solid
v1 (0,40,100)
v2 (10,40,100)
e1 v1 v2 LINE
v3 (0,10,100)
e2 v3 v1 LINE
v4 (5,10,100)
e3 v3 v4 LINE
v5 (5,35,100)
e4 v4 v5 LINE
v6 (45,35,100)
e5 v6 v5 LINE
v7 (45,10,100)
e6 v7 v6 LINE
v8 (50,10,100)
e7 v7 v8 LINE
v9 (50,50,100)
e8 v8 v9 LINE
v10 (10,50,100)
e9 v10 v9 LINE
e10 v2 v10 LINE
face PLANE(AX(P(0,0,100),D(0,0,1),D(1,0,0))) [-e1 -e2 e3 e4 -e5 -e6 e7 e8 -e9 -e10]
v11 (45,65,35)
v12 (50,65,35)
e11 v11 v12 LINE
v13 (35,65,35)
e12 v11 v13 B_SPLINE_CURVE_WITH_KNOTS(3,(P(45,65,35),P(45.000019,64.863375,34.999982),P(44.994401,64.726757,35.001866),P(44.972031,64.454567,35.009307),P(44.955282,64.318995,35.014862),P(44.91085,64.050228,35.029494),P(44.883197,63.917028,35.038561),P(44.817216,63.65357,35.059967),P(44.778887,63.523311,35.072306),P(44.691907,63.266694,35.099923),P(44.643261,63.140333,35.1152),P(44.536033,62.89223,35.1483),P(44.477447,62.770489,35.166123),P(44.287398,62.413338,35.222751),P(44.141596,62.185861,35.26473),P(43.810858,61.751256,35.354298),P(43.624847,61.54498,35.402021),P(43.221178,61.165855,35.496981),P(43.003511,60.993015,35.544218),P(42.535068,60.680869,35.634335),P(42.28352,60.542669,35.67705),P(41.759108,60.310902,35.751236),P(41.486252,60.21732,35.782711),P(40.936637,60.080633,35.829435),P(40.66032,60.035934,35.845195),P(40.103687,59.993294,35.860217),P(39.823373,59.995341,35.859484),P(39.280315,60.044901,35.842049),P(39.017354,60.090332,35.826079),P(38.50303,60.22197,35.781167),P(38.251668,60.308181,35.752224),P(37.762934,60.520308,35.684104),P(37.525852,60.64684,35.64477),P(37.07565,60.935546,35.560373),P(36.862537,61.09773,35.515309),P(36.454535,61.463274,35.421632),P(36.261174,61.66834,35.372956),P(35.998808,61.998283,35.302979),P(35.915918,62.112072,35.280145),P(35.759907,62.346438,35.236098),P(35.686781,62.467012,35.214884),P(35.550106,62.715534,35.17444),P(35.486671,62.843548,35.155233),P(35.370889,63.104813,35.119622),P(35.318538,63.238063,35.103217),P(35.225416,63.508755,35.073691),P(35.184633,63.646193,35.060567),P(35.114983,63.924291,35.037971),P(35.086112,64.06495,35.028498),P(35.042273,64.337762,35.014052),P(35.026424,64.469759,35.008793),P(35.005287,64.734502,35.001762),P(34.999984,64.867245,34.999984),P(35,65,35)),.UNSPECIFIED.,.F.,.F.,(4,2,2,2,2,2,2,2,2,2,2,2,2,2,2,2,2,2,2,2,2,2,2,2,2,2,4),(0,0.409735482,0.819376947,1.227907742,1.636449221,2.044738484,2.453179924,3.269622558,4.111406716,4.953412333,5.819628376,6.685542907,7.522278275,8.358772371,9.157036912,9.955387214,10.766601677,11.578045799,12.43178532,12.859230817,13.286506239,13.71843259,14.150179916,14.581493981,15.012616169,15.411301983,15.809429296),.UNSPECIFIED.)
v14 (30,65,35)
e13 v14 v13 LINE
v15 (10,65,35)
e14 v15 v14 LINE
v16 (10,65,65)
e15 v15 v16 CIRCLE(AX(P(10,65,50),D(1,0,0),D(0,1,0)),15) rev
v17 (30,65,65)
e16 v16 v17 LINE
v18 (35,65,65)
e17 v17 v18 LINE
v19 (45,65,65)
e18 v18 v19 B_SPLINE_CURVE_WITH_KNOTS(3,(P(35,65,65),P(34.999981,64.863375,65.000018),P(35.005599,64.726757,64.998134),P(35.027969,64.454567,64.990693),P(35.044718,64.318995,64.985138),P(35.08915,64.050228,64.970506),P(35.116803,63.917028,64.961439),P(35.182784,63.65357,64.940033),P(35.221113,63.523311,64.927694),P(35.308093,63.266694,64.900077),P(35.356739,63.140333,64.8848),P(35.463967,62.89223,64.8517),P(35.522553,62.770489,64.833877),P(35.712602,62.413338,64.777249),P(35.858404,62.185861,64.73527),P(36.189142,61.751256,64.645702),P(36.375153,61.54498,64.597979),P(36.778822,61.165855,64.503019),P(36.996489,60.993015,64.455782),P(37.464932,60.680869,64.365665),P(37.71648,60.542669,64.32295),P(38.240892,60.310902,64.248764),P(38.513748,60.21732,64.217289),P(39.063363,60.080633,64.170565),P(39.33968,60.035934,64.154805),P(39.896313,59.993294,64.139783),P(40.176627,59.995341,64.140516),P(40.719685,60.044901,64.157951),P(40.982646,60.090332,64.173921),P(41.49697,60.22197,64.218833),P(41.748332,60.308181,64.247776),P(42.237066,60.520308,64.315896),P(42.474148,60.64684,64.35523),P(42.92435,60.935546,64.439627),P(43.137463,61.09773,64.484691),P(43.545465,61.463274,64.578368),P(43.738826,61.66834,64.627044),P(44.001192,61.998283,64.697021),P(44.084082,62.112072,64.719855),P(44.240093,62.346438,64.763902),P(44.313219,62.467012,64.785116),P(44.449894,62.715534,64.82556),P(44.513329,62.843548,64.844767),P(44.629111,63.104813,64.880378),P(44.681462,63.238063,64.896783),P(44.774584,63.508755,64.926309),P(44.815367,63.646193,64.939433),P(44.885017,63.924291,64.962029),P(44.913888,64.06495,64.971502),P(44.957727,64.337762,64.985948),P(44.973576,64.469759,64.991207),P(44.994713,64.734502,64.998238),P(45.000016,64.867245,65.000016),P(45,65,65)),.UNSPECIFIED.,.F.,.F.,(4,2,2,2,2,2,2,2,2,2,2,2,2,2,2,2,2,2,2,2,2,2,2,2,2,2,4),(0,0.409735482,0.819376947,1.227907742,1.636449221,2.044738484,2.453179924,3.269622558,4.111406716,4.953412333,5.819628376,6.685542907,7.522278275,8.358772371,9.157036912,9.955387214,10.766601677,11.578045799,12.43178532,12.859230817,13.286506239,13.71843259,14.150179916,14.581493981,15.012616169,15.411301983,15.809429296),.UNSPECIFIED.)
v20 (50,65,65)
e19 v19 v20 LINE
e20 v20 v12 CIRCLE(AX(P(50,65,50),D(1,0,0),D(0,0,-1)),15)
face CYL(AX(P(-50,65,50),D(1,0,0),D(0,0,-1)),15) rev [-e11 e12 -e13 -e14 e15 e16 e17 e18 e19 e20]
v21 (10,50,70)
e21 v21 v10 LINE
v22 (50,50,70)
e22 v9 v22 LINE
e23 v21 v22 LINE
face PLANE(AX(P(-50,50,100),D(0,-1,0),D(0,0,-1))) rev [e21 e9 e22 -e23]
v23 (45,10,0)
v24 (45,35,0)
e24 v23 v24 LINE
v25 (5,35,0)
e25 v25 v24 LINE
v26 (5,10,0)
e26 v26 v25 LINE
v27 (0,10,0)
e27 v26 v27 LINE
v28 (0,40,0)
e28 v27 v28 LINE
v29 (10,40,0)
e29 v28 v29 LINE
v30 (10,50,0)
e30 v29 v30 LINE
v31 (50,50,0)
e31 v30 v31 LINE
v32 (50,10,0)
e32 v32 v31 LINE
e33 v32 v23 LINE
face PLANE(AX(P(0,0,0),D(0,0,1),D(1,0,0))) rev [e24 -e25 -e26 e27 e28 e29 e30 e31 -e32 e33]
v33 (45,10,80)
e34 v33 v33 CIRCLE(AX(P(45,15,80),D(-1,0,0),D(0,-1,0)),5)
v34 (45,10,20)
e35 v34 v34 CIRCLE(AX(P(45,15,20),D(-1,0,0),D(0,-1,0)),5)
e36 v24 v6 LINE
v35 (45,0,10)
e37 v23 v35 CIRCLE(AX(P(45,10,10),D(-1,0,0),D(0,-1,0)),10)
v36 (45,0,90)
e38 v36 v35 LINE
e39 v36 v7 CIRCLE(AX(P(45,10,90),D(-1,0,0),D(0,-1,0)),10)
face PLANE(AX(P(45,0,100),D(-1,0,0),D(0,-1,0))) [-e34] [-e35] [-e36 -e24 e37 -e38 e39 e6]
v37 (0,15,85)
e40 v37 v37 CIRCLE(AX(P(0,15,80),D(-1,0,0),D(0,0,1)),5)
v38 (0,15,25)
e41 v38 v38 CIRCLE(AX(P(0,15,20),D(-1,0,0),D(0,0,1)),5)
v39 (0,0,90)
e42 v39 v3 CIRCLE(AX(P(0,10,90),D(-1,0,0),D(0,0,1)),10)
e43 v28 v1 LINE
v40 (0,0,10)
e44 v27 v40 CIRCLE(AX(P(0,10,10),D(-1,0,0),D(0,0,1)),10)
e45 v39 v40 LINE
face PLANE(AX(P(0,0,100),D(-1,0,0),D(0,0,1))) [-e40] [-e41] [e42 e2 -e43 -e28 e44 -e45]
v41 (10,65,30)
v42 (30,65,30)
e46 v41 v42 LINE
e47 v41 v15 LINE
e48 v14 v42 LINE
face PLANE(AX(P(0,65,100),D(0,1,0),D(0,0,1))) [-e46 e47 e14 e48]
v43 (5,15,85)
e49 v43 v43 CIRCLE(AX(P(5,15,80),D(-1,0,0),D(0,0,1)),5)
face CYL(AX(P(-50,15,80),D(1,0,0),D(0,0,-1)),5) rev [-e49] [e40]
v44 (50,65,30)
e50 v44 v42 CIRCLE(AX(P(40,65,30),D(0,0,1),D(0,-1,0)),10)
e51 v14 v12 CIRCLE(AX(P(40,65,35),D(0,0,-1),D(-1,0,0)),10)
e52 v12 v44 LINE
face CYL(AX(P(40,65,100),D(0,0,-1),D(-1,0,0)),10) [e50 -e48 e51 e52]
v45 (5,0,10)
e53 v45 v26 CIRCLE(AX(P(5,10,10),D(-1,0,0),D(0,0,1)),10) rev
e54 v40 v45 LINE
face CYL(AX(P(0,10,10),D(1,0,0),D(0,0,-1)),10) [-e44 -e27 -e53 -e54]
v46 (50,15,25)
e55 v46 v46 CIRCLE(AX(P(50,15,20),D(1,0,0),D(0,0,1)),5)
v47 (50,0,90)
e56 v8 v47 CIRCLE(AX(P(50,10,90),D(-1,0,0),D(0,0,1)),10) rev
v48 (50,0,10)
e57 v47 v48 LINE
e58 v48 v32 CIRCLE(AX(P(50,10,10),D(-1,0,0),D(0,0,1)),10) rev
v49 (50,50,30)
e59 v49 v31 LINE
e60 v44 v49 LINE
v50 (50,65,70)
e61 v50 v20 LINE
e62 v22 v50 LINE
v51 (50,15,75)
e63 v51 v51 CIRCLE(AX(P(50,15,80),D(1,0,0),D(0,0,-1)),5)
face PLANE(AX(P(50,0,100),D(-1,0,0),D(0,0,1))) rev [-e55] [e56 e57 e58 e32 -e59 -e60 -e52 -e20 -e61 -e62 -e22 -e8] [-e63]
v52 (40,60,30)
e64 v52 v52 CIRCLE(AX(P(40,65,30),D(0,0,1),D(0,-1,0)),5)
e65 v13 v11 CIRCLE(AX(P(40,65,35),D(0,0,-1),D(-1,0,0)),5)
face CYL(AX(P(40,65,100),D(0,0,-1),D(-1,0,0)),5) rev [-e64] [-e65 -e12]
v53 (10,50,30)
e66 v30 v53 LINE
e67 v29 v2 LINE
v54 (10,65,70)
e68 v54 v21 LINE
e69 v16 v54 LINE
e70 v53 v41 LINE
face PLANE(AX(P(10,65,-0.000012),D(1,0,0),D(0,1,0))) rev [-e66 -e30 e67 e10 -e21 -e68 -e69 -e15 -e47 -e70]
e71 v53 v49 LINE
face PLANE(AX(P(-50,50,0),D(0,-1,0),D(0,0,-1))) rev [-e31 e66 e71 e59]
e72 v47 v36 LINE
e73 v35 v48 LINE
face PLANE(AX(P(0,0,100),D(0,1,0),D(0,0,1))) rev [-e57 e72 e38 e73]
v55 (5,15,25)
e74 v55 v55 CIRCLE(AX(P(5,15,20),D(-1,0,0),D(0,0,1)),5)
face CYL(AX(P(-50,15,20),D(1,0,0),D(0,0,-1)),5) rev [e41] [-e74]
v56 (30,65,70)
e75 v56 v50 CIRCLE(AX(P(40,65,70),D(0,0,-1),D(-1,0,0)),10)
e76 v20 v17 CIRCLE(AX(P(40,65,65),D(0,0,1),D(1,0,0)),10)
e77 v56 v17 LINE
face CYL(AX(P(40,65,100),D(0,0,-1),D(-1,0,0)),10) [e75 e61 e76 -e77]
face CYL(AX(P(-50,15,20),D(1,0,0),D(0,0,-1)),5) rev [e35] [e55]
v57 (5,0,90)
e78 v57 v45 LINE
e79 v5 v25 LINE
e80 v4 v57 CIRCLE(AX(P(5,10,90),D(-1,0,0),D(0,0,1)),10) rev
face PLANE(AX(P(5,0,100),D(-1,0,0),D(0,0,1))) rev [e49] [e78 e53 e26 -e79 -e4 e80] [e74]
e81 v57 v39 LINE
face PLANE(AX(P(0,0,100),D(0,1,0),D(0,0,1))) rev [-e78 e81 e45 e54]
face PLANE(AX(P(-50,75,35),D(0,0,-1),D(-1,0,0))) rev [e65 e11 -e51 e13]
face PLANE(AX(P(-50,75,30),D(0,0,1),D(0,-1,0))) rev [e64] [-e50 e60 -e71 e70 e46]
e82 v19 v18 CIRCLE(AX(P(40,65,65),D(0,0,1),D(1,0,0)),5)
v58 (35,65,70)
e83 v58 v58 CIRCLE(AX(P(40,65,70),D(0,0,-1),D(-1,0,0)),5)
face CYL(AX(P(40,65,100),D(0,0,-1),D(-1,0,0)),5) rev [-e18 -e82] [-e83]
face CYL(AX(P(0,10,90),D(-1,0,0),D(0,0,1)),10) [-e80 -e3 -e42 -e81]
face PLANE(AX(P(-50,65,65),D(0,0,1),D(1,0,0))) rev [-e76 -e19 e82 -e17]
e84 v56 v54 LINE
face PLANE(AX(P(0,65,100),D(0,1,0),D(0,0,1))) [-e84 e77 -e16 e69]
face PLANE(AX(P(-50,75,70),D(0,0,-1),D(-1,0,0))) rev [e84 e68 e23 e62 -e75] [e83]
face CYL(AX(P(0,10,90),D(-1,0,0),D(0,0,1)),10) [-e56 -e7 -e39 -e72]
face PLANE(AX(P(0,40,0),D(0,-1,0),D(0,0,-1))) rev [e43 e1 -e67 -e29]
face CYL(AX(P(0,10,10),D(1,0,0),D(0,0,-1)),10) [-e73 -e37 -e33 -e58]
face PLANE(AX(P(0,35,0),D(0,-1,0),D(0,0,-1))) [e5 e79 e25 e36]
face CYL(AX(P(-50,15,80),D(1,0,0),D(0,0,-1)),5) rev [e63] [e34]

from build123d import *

# Parameters (mm, degrees)
SKETCH1_R               = 5
BOSS_EXTRUDE1_DEPTH     = 100
SKETCH2_R               = 5
SKETCH2_W               = 30
SKETCH2_H               = 25
CUT_EXTRUDE1_DEPTH      = 100
FILLET1_R               = 10
SKETCH4_W               = 40
SKETCH4_H               = 100
BOSS_EXTRUDE2_DEPTH     = 10
SKETCH5_W               = 10
SKETCH5_H               = 20
CUT_EXTRUDE2_DEPTH      = 101
CUT_EXTRUDE2_DEPTH_BACK = 1
SKETCH6_W               = 10
SKETCH6_H               = 5
CUT_EXTRUDE3_DEPTH      = 1
CUT_EXTRUDE3_DEPTH_BACK = 101


with BuildPart() as part:
    # Sketch1 → Boss-Extrude1 (new body)
    with BuildSketch(Plane.XY):
        with BuildLine():
            Line((50, 0), (50, 65))
            ThreePointArc((50, 65), (40, 75), (30, 65))
            Line((30, 65), (0, 65))
            Line((0, 65), (0, 0))
            Line((0, 0), (5, 0))
            Line((5, 0), (5, 45))
            Line((5, 45), (45, 45))
            Line((45, 45), (45, 0))
            Line((45, 0), (50, 0))
        make_face()
        with Locations((40, 65)):
            Circle(SKETCH1_R, mode=Mode.SUBTRACT)
    extrude(amount=BOSS_EXTRUDE1_DEPTH)

    # Sketch2 → Cut-Extrude1 (cut)
    with BuildSketch(Plane(origin=(50, 0, 0), x_dir=(0, 0, -1), z_dir=(1, 0, 0))):
        with Locations((-80, 15)):
            Circle(SKETCH2_R)
        with Locations((-20, 15)):
            Circle(SKETCH2_R)
        with BuildLine():
            Line((-65, 65), (-65, 75))
            Line((-65, 75), (-35, 75))
            Line((-35, 75), (-35, 65))
            ThreePointArc((-35, 65), (-50, 50), (-65, 65))
        make_face()
        with Locations((-85, 62.5)):
            Rectangle(SKETCH2_W, SKETCH2_H)
        with Locations((-15, 62.5)):
            Rectangle(SKETCH2_W, SKETCH2_H)
    extrude(amount=-CUT_EXTRUDE1_DEPTH, mode=Mode.SUBTRACT)

    # Fillet1
    fillet1_edges = [part.edges().sort_by_distance(p)[0] for p in [
        (47.5, 0, 0),
        (2.5, 0, 0),
        (2.5, 0, 100),
        (47.5, 0, 100),
    ]]
    fillet(fillet1_edges, radius=FILLET1_R)

    # Sketch4 → Boss-Extrude2 (add)
    with BuildSketch(Plane.XZ.offset(-45)):
        with Locations((25, 50)):
            Rectangle(SKETCH4_W, SKETCH4_H)
    extrude(amount=BOSS_EXTRUDE2_DEPTH)

    # Sketch5 → Cut-Extrude2 (cut, two sides)
    with BuildSketch(Plane.XY) as cut_extrude2_sk:
        with Locations((5, 55)):
            Rectangle(SKETCH5_W, SKETCH5_H)
    extrude(amount=CUT_EXTRUDE2_DEPTH, mode=Mode.SUBTRACT)
    extrude(cut_extrude2_sk.sketch, amount=-CUT_EXTRUDE2_DEPTH_BACK, mode=Mode.SUBTRACT)

    # Sketch6 → Cut-Extrude3 (cut, two sides)
    with BuildSketch(Plane.XY.offset(100)) as cut_extrude3_sk:
        with Locations((5, 42.5)):
            Rectangle(SKETCH6_W, SKETCH6_H)
    extrude(amount=CUT_EXTRUDE3_DEPTH, mode=Mode.SUBTRACT)
    extrude(cut_extrude3_sk.sketch, amount=-CUT_EXTRUDE3_DEPTH_BACK, mode=Mode.SUBTRACT)


solid = part.part
